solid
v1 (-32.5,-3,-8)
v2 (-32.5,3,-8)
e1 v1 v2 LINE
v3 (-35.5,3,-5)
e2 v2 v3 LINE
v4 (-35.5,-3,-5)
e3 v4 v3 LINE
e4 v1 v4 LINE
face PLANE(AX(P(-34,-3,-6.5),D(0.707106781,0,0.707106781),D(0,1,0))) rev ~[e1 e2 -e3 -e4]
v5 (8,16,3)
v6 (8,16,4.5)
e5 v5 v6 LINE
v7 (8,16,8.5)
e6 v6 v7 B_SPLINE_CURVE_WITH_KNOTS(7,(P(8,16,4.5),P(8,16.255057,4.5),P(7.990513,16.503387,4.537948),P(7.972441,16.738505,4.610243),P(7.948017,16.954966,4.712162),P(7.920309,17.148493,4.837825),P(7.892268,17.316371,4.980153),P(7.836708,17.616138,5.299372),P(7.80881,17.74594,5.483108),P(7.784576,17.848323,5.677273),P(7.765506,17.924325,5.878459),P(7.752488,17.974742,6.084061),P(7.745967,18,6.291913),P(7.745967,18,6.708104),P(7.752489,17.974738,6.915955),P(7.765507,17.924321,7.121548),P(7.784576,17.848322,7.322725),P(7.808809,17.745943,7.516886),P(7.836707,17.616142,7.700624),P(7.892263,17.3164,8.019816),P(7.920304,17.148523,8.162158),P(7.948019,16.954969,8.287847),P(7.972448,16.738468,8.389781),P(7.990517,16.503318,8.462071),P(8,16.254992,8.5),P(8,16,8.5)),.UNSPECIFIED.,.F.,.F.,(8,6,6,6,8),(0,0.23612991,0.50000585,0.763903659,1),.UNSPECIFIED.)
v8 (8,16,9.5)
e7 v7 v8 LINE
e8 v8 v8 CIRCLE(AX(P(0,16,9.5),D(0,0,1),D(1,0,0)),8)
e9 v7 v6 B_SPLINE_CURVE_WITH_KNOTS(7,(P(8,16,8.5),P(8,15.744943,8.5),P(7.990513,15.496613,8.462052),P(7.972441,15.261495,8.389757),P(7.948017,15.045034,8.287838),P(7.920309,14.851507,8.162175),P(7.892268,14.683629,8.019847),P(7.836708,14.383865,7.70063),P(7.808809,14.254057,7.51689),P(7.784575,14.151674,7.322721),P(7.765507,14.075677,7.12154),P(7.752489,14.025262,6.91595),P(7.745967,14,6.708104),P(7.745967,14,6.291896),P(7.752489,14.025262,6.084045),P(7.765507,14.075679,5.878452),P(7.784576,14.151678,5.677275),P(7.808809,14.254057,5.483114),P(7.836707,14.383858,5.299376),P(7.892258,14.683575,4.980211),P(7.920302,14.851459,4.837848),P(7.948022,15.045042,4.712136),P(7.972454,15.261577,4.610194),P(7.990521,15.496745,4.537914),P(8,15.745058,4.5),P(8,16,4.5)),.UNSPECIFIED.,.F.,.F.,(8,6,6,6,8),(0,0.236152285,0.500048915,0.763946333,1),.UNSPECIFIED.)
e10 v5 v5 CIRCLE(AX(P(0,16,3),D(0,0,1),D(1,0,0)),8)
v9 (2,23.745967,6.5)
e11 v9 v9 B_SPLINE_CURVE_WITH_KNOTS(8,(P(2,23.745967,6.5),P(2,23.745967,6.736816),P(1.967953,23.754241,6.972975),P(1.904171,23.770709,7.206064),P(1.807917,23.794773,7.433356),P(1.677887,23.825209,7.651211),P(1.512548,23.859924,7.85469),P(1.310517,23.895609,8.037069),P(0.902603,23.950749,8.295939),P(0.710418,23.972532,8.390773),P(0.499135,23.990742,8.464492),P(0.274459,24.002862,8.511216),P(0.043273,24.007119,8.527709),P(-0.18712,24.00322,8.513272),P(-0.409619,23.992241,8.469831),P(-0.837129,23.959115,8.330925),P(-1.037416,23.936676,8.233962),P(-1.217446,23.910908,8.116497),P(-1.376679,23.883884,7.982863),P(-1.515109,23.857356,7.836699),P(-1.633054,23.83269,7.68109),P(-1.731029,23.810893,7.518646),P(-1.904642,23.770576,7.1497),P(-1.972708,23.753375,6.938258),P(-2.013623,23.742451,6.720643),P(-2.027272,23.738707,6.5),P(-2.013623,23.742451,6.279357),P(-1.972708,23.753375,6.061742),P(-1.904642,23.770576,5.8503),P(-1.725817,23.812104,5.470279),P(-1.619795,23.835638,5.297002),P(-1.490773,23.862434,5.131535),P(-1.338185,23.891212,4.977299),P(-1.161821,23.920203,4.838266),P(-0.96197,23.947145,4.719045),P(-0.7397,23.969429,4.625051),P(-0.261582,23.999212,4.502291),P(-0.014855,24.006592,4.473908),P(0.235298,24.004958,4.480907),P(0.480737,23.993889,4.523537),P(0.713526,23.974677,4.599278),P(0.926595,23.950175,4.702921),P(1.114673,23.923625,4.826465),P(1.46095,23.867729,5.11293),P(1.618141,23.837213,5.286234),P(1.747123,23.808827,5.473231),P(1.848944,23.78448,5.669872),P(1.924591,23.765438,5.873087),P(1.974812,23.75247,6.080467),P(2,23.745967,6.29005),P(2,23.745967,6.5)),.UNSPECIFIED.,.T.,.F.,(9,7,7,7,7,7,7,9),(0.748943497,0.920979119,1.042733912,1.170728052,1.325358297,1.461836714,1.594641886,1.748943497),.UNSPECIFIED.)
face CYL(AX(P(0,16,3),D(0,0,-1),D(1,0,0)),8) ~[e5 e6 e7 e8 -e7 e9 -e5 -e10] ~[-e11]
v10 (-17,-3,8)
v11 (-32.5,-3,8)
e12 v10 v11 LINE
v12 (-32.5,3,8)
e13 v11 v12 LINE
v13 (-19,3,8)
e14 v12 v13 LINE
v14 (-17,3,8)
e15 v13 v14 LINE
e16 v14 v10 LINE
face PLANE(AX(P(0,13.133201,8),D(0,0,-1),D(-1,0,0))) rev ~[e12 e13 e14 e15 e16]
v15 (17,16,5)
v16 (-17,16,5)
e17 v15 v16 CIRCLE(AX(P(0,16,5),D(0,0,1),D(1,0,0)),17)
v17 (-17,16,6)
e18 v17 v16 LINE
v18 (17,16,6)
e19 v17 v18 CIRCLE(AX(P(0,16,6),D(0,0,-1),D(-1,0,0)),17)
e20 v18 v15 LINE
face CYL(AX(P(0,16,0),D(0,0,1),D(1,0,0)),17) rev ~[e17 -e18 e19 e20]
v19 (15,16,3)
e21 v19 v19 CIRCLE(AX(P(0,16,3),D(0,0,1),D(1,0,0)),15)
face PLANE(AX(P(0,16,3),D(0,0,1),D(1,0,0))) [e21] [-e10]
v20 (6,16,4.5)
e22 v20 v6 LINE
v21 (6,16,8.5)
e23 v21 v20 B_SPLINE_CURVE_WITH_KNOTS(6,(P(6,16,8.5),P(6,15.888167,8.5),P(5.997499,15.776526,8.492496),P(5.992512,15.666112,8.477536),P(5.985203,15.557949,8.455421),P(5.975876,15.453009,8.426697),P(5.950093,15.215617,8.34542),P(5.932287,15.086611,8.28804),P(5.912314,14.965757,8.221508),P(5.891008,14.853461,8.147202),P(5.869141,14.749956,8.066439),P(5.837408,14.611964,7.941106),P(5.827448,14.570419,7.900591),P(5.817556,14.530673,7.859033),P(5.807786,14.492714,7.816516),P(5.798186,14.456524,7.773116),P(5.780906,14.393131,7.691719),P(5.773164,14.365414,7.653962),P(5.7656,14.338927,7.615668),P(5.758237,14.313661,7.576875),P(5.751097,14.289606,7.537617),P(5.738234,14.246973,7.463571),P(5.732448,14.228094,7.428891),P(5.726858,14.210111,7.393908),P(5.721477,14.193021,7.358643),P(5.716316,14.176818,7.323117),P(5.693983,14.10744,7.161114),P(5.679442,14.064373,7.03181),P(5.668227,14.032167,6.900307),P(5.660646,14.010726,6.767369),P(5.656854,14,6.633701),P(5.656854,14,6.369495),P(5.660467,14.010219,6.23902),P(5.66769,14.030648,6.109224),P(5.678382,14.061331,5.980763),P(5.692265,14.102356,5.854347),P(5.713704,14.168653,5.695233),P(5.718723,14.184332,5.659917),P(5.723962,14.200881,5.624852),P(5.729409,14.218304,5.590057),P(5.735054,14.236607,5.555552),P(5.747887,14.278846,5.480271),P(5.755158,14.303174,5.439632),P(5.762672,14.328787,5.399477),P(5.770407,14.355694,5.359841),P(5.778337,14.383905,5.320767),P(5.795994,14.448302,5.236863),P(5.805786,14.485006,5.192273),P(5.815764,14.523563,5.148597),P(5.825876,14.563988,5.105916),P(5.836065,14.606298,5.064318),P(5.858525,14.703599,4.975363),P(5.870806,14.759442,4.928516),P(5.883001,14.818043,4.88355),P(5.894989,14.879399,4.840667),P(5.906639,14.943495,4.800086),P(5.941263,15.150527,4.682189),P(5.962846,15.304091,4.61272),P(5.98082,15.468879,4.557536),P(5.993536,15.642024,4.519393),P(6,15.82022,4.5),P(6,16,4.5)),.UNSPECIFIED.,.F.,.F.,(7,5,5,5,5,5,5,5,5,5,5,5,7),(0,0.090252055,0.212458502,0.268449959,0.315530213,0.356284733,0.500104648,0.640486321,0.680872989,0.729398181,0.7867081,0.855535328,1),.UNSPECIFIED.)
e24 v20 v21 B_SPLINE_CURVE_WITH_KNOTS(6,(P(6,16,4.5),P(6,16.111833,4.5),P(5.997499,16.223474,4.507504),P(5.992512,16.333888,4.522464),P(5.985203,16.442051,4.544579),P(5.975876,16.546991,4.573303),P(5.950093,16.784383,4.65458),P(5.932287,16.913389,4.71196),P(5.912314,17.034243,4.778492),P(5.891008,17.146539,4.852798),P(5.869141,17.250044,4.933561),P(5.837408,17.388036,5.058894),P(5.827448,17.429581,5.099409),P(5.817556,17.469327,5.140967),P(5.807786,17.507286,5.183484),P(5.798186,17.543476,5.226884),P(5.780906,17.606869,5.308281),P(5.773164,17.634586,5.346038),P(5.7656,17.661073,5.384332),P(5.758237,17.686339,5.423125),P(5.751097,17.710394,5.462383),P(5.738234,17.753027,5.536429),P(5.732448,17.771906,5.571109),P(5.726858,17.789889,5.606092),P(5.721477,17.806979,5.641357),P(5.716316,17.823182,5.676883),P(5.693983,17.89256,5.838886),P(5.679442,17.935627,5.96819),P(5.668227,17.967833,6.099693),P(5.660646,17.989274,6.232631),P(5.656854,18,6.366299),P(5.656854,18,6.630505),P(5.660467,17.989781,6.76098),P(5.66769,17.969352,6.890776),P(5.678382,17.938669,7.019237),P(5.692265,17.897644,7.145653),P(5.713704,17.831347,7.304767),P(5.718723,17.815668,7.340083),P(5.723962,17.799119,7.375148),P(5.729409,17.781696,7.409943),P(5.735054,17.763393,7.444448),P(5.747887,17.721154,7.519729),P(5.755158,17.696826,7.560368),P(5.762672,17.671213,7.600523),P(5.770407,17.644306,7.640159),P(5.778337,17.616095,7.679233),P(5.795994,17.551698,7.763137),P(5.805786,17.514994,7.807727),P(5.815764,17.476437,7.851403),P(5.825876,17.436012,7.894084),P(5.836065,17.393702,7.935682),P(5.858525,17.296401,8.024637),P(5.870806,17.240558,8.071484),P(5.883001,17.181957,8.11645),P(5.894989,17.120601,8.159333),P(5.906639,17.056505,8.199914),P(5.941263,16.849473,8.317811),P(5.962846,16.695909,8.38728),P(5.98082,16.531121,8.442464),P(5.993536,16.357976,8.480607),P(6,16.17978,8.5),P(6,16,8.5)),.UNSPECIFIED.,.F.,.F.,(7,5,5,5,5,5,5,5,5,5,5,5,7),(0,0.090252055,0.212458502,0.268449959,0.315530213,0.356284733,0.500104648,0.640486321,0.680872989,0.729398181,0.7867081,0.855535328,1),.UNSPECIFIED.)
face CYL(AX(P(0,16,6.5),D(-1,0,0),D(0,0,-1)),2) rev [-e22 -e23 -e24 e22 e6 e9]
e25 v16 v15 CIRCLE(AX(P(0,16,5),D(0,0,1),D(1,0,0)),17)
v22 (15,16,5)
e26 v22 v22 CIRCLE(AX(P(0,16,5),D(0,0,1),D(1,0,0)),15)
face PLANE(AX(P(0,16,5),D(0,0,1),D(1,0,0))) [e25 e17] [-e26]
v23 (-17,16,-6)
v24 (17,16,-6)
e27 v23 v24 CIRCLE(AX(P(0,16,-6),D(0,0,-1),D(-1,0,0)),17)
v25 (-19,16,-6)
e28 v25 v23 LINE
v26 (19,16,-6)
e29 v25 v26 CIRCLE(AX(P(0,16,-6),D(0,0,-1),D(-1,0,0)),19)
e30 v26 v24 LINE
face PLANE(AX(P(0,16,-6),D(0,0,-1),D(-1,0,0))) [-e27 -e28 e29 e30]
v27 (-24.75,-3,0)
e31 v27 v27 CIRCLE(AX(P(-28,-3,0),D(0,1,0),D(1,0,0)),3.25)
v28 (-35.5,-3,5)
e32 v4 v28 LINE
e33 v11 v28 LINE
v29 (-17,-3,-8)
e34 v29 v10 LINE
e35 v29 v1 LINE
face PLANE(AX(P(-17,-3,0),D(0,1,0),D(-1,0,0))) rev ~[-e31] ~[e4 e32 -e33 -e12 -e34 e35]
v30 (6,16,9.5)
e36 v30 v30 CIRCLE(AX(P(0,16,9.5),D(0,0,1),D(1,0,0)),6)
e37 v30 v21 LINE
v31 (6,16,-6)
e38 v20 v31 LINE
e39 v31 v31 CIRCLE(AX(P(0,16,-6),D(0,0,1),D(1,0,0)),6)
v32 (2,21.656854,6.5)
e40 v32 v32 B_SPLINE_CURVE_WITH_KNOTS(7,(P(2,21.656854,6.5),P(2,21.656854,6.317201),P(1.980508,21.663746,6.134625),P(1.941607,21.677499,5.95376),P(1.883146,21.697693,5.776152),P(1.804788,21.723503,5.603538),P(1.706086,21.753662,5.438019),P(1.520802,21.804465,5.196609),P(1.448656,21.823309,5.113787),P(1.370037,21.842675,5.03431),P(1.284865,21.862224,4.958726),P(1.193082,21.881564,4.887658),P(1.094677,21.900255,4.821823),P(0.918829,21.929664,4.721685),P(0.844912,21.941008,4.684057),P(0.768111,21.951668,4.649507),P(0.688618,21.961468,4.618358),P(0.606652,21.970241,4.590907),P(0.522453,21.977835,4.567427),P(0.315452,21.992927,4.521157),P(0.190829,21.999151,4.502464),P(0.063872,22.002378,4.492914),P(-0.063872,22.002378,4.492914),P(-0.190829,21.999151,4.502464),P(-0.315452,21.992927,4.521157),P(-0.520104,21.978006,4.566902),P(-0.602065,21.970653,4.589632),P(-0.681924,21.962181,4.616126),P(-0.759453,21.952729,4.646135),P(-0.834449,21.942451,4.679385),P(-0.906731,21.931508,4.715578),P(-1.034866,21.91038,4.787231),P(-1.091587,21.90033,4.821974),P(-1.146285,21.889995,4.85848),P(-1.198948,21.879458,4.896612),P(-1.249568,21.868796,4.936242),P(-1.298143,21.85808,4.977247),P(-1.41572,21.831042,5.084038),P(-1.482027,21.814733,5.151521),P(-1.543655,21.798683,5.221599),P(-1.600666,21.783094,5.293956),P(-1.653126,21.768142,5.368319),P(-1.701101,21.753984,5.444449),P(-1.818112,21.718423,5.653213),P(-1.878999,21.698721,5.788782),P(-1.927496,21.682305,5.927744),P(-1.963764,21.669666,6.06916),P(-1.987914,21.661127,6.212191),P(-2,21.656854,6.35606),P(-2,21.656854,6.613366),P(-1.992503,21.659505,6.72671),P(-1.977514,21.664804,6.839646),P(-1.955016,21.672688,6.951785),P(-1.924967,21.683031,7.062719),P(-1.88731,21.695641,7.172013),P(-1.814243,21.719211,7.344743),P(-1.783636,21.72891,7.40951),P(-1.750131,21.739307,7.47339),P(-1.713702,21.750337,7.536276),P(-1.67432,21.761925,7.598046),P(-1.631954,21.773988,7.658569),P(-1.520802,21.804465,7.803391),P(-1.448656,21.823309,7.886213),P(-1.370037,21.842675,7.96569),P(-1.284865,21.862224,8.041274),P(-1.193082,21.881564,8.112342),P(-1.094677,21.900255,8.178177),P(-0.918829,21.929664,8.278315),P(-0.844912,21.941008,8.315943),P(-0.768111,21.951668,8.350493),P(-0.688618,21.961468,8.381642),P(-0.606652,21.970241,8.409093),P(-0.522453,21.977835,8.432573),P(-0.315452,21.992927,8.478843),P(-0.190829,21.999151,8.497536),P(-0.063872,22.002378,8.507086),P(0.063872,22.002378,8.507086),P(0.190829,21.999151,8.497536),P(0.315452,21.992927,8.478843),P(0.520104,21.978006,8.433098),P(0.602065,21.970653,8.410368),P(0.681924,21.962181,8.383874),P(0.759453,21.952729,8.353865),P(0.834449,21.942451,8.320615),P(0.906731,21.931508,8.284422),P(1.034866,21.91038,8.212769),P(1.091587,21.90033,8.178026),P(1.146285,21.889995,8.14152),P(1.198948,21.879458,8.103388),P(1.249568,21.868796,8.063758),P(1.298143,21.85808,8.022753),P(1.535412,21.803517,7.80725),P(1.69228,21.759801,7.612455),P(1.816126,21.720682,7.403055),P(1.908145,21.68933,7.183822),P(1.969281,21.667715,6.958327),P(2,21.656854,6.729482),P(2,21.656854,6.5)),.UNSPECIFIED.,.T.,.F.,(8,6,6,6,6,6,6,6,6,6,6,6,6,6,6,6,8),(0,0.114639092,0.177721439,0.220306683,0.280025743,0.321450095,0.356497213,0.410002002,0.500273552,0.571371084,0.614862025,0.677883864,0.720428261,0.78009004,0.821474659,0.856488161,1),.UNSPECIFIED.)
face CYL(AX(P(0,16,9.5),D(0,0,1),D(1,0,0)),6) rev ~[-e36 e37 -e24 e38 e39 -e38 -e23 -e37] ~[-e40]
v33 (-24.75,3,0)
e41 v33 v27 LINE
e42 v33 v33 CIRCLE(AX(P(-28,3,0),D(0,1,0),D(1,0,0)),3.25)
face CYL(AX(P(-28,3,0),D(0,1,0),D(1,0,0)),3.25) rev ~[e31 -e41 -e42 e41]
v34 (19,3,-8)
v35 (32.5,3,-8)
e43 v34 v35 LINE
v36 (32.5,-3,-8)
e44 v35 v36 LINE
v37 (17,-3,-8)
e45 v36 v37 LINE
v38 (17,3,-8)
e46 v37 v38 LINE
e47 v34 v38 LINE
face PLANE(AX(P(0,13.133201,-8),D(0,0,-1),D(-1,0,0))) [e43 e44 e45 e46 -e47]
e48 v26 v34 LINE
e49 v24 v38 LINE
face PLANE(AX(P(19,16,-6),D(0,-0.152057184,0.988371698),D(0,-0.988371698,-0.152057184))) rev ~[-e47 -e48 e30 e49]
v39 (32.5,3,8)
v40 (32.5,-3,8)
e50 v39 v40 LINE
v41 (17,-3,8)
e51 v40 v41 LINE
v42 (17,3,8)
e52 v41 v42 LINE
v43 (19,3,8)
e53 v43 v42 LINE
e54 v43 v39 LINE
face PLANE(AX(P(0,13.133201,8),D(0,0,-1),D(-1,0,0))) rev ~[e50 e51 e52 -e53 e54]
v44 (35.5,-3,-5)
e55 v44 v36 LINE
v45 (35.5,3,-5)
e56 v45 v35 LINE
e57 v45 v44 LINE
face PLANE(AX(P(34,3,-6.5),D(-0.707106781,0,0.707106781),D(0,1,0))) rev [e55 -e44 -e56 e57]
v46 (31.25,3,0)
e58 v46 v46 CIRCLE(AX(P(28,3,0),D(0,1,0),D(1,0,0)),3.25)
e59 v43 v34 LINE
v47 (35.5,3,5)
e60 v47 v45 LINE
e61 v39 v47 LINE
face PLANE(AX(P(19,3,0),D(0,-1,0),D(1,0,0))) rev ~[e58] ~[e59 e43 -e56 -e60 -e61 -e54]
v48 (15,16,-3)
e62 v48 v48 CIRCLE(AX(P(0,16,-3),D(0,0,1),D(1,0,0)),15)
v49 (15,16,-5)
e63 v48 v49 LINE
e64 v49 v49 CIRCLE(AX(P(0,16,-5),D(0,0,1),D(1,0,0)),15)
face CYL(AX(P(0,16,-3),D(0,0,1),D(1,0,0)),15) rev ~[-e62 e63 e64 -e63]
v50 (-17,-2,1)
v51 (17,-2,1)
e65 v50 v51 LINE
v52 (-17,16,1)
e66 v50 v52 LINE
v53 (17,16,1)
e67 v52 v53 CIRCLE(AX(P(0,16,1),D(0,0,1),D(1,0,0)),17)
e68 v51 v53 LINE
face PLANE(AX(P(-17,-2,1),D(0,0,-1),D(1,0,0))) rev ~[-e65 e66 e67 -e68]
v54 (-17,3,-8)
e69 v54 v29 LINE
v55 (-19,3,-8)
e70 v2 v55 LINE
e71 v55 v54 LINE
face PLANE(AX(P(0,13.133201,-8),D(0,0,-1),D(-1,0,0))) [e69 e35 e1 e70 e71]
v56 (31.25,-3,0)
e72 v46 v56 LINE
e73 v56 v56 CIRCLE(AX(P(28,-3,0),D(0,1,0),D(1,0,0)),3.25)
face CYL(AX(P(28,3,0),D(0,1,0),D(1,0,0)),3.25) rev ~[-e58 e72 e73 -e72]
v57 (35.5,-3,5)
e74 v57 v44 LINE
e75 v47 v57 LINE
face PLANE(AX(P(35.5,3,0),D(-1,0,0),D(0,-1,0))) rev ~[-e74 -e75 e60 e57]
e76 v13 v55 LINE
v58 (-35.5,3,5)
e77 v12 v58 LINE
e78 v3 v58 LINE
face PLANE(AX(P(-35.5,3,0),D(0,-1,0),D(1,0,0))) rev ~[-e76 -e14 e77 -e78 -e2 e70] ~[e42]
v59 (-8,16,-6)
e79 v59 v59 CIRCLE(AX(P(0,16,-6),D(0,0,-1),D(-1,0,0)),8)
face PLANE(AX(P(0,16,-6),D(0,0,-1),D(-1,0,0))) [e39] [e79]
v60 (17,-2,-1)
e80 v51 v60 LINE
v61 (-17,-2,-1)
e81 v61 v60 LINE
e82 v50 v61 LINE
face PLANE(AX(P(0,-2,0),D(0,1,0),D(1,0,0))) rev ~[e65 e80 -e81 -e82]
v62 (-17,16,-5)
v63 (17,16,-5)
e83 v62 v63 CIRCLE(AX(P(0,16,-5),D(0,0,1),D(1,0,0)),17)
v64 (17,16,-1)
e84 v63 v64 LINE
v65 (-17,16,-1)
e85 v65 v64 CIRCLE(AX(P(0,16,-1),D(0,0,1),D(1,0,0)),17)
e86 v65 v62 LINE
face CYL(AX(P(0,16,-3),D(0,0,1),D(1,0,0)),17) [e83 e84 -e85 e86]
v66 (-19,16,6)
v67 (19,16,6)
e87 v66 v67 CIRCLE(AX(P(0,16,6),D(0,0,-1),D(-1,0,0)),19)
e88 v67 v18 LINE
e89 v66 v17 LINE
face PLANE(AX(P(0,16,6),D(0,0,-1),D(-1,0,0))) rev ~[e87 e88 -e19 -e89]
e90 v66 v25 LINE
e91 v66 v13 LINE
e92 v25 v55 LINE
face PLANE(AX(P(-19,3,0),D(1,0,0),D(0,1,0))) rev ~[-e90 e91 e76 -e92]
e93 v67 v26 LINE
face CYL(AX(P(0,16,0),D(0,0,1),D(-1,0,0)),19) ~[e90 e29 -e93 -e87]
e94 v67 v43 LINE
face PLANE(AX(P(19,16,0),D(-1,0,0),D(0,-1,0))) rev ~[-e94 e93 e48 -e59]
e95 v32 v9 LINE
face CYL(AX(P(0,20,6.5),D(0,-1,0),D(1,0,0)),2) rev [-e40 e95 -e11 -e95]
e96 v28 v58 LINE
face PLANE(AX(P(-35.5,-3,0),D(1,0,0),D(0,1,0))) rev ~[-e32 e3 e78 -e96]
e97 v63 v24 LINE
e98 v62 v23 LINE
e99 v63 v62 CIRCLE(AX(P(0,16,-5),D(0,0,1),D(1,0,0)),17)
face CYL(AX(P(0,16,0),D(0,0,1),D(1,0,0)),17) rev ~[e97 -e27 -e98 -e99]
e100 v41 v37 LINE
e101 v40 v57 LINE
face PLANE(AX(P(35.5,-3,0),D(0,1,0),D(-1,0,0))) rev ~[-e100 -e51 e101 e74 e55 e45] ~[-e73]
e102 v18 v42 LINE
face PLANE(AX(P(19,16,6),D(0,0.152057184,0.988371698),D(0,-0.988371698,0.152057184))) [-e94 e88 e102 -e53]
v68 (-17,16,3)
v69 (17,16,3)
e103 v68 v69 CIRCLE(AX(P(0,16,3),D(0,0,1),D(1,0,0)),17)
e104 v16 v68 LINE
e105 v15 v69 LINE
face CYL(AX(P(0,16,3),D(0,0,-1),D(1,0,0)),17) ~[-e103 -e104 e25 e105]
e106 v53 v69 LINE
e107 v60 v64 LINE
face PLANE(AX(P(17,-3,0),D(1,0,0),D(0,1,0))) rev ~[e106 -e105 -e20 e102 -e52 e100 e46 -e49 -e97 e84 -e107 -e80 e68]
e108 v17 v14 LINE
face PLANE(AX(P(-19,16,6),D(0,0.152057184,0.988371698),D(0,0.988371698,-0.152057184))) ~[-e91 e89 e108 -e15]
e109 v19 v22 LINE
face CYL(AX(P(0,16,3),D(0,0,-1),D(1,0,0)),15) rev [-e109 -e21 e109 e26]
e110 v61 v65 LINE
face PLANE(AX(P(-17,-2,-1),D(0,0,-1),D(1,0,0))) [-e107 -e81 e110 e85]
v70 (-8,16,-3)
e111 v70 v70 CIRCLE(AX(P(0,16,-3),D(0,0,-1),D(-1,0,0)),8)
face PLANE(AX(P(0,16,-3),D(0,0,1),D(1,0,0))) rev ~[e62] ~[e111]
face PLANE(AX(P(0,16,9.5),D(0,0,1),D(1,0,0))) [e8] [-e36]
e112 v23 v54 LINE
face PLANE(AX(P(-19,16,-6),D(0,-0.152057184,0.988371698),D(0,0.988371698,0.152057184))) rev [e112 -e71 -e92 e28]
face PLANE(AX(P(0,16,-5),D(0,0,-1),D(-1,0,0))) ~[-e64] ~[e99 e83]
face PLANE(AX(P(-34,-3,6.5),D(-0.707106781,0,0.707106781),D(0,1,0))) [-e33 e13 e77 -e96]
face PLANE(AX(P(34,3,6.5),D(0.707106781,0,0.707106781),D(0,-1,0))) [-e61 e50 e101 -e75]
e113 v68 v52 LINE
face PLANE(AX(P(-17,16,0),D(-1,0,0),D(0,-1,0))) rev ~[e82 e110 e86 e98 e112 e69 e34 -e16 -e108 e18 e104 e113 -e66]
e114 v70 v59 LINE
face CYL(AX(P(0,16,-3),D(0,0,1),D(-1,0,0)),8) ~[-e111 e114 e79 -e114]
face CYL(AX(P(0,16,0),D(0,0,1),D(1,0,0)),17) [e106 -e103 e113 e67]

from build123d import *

# Parameters (mm, degrees)
BOSS_EXTRUDE1_DEPTH = 8
CHAMFER1_SIZE       = 3
SKETCH3_R           = 3.25
CUT_EXTRUDE2_DEPTH  = 19
SKETCH4_R           = 17
BOSS_EXTRUDE2_DEPTH = 3
SKETCH5_R           = 17
SKETCH5_R_2         = 15
BOSS_EXTRUDE3_DEPTH = 2
SKETCH6_R           = 8
BOSS_EXTRUDE4_DEPTH = 6.5
SKETCH7_R           = 8
BOSS_EXTRUDE5_DEPTH = 3
SKETCH8_R           = 6
CUT_EXTRUDE3_DEPTH  = 23
BOSS_EXTRUDE6_REACH = 39
SKETCH9_W           = 34
SKETCH9_H           = 2
CUT_EXTRUDE4_DEPTH  = 2
SKETCH11_W          = 2
SKETCH11_H          = 2
CUT_REVOLVE1_ANGLE  = 180
SKETCH12_R          = 2
CUT_EXTRUDE5_DEPTH  = 12
SKETCH13_R          = 2
CUT_EXTRUDE6_DEPTH  = 4


with BuildPart() as part:
    # Sketch1 → Boss-Extrude1 (new body, symmetric)
    with BuildSketch(Plane.XY):
        with BuildLine():
            Line((-35.5, 3), (-19, 3))
            Line((-19, 3), (-19, 16))
            ThreePointArc((-19, 16), (0, 35), (19, 16))
            Line((19, 16), (19, 3))
            Line((19, 3), (35.5, 3))
            Line((35.5, 3), (35.5, -3))
            Line((35.5, -3), (17, -3))
            Line((17, -3), (17, 16))
            ThreePointArc((17, 16), (0, 33), (-17, 16))
            Line((-17, 16), (-17, -3))
            Line((-17, -3), (-35.5, -3))
            Line((-35.5, -3), (-35.5, 3))
        make_face()
    extrude(amount=BOSS_EXTRUDE1_DEPTH, both=True)

    # Chamfer1
    chamfer1_edges = [part.edges().sort_by_distance(p)[0] for p in [
        (-35.5, 0, -8),
        (35.5, 0, -8),
        (-35.5, 0, 8),
        (35.5, 0, 8),
    ]]
    chamfer(chamfer1_edges, length=CHAMFER1_SIZE)

    # Sketch3 → Cut-Extrude2 (cut)
    with BuildSketch(Plane(origin=(0, 3, 0), x_dir=(1, 0, 0), z_dir=(0, 1, 0))):
        with Locations((28, 0)):
            Circle(SKETCH3_R)
        with Locations((-28, 0)):
            Circle(SKETCH3_R)
    extrude(amount=-CUT_EXTRUDE2_DEPTH, mode=Mode.SUBTRACT)

    # Sketch4 → Boss-Extrude2 (add, symmetric)
    with BuildSketch(Plane.XY):
        with Locations((0, 16)):
            Circle(SKETCH4_R)
    extrude(amount=BOSS_EXTRUDE2_DEPTH, both=True)

    # Sketch5 → Boss-Extrude3 (add)
    with BuildSketch(Plane.XY.offset(3)):
        with Locations((0, 16)):
            Circle(SKETCH5_R)
        with Locations((0, 16)):
            Circle(SKETCH5_R_2, mode=Mode.SUBTRACT)
    boss_extrude3 = extrude(amount=BOSS_EXTRUDE3_DEPTH)

    # Mirror1: Boss-Extrude3 across plane
    add(boss_extrude3.mirror(Plane.XY))

    # Sketch6 → Boss-Extrude4 (add)
    with BuildSketch(Plane.XY.offset(3)):
        with Locations((0, 16)):
            Circle(SKETCH6_R)
    extrude(amount=BOSS_EXTRUDE4_DEPTH)

    # Sketch7 → Boss-Extrude5 (add)
    with BuildSketch(Plane(origin=(0, 0, -3), x_dir=(-1, 0, 0), z_dir=(0, 0, -1))):
        with Locations((0, 16)):
            Circle(SKETCH7_R)
    extrude(amount=BOSS_EXTRUDE5_DEPTH)

    # Sketch8 → Cut-Extrude3 (cut)
    with BuildSketch(Plane.XY.offset(9.5)):
        with Locations((0, 16)):
            Circle(SKETCH8_R)
    extrude(amount=-CUT_EXTRUDE3_DEPTH, mode=Mode.SUBTRACT)

    # Sketch9 → Boss-Extrude6 (add, up to next)
    with BuildSketch(Plane(origin=(0, -2, 0), x_dir=(1, 0, 0), z_dir=(0, 1, 0)), mode=Mode.PRIVATE) as boss_extrude6_sk1:
        Rectangle(SKETCH9_W, SKETCH9_H)
    boss_extrude6_tool1 = extrude(boss_extrude6_sk1.sketch, amount=BOSS_EXTRUDE6_REACH, mode=Mode.PRIVATE) - part.part
    add(boss_extrude6_tool1.solids().sort_by_distance((0, -2, 0))[0])

    # Sketch10 → Cut-Extrude4 (cut)
    with BuildSketch(Plane(origin=(19, 0, 0), x_dir=(0, 0, -1), z_dir=(1, 0, 0))):
        Polygon((-8, 3), (-8, 16), (-6, 16), align=None)
        Polygon((6, 16), (8, 3), (8, 16), align=None)
    cut_extrude4 = extrude(amount=-CUT_EXTRUDE4_DEPTH, mode=Mode.SUBTRACT)

    # Mirror2: Cut-Extrude4 across plane
    add(cut_extrude4.mirror(Plane(origin=(0, 0, 0), x_dir=(0, 0, 1), z_dir=(1, 0, 0))), mode=Mode.SUBTRACT)

    # Sketch11 → Cut-Revolve1 (revolve, cut)
    with BuildSketch(Plane.XZ.offset(-16)):
        with Locations((-18, 7)):
            Rectangle(SKETCH11_W, SKETCH11_H)
        with Locations((-18, -7)):
            Rectangle(SKETCH11_W, SKETCH11_H)
    revolve(axis=Axis((0, 16, 3), (0, 0, -1)), revolution_arc=CUT_REVOLVE1_ANGLE, mode=Mode.SUBTRACT)

    # Sketch12 → Cut-Extrude5 (cut)
    with BuildSketch(Plane(origin=(0, 0, 0), x_dir=(0, 0, -1), z_dir=(1, 0, 0))):
        with Locations((-6.5, 16)):
            Circle(SKETCH12_R)
    extrude(amount=CUT_EXTRUDE5_DEPTH, mode=Mode.SUBTRACT)

    # Sketch13 → Cut-Extrude6 (cut)
    with BuildSketch(Plane(origin=(0, 20, 0), x_dir=(1, 0, 0), z_dir=(0, 1, 0))):
        with Locations((0, -6.5)):
            Circle(SKETCH13_R)
    extrude(amount=CUT_EXTRUDE6_DEPTH, mode=Mode.SUBTRACT)


solid = part.part
